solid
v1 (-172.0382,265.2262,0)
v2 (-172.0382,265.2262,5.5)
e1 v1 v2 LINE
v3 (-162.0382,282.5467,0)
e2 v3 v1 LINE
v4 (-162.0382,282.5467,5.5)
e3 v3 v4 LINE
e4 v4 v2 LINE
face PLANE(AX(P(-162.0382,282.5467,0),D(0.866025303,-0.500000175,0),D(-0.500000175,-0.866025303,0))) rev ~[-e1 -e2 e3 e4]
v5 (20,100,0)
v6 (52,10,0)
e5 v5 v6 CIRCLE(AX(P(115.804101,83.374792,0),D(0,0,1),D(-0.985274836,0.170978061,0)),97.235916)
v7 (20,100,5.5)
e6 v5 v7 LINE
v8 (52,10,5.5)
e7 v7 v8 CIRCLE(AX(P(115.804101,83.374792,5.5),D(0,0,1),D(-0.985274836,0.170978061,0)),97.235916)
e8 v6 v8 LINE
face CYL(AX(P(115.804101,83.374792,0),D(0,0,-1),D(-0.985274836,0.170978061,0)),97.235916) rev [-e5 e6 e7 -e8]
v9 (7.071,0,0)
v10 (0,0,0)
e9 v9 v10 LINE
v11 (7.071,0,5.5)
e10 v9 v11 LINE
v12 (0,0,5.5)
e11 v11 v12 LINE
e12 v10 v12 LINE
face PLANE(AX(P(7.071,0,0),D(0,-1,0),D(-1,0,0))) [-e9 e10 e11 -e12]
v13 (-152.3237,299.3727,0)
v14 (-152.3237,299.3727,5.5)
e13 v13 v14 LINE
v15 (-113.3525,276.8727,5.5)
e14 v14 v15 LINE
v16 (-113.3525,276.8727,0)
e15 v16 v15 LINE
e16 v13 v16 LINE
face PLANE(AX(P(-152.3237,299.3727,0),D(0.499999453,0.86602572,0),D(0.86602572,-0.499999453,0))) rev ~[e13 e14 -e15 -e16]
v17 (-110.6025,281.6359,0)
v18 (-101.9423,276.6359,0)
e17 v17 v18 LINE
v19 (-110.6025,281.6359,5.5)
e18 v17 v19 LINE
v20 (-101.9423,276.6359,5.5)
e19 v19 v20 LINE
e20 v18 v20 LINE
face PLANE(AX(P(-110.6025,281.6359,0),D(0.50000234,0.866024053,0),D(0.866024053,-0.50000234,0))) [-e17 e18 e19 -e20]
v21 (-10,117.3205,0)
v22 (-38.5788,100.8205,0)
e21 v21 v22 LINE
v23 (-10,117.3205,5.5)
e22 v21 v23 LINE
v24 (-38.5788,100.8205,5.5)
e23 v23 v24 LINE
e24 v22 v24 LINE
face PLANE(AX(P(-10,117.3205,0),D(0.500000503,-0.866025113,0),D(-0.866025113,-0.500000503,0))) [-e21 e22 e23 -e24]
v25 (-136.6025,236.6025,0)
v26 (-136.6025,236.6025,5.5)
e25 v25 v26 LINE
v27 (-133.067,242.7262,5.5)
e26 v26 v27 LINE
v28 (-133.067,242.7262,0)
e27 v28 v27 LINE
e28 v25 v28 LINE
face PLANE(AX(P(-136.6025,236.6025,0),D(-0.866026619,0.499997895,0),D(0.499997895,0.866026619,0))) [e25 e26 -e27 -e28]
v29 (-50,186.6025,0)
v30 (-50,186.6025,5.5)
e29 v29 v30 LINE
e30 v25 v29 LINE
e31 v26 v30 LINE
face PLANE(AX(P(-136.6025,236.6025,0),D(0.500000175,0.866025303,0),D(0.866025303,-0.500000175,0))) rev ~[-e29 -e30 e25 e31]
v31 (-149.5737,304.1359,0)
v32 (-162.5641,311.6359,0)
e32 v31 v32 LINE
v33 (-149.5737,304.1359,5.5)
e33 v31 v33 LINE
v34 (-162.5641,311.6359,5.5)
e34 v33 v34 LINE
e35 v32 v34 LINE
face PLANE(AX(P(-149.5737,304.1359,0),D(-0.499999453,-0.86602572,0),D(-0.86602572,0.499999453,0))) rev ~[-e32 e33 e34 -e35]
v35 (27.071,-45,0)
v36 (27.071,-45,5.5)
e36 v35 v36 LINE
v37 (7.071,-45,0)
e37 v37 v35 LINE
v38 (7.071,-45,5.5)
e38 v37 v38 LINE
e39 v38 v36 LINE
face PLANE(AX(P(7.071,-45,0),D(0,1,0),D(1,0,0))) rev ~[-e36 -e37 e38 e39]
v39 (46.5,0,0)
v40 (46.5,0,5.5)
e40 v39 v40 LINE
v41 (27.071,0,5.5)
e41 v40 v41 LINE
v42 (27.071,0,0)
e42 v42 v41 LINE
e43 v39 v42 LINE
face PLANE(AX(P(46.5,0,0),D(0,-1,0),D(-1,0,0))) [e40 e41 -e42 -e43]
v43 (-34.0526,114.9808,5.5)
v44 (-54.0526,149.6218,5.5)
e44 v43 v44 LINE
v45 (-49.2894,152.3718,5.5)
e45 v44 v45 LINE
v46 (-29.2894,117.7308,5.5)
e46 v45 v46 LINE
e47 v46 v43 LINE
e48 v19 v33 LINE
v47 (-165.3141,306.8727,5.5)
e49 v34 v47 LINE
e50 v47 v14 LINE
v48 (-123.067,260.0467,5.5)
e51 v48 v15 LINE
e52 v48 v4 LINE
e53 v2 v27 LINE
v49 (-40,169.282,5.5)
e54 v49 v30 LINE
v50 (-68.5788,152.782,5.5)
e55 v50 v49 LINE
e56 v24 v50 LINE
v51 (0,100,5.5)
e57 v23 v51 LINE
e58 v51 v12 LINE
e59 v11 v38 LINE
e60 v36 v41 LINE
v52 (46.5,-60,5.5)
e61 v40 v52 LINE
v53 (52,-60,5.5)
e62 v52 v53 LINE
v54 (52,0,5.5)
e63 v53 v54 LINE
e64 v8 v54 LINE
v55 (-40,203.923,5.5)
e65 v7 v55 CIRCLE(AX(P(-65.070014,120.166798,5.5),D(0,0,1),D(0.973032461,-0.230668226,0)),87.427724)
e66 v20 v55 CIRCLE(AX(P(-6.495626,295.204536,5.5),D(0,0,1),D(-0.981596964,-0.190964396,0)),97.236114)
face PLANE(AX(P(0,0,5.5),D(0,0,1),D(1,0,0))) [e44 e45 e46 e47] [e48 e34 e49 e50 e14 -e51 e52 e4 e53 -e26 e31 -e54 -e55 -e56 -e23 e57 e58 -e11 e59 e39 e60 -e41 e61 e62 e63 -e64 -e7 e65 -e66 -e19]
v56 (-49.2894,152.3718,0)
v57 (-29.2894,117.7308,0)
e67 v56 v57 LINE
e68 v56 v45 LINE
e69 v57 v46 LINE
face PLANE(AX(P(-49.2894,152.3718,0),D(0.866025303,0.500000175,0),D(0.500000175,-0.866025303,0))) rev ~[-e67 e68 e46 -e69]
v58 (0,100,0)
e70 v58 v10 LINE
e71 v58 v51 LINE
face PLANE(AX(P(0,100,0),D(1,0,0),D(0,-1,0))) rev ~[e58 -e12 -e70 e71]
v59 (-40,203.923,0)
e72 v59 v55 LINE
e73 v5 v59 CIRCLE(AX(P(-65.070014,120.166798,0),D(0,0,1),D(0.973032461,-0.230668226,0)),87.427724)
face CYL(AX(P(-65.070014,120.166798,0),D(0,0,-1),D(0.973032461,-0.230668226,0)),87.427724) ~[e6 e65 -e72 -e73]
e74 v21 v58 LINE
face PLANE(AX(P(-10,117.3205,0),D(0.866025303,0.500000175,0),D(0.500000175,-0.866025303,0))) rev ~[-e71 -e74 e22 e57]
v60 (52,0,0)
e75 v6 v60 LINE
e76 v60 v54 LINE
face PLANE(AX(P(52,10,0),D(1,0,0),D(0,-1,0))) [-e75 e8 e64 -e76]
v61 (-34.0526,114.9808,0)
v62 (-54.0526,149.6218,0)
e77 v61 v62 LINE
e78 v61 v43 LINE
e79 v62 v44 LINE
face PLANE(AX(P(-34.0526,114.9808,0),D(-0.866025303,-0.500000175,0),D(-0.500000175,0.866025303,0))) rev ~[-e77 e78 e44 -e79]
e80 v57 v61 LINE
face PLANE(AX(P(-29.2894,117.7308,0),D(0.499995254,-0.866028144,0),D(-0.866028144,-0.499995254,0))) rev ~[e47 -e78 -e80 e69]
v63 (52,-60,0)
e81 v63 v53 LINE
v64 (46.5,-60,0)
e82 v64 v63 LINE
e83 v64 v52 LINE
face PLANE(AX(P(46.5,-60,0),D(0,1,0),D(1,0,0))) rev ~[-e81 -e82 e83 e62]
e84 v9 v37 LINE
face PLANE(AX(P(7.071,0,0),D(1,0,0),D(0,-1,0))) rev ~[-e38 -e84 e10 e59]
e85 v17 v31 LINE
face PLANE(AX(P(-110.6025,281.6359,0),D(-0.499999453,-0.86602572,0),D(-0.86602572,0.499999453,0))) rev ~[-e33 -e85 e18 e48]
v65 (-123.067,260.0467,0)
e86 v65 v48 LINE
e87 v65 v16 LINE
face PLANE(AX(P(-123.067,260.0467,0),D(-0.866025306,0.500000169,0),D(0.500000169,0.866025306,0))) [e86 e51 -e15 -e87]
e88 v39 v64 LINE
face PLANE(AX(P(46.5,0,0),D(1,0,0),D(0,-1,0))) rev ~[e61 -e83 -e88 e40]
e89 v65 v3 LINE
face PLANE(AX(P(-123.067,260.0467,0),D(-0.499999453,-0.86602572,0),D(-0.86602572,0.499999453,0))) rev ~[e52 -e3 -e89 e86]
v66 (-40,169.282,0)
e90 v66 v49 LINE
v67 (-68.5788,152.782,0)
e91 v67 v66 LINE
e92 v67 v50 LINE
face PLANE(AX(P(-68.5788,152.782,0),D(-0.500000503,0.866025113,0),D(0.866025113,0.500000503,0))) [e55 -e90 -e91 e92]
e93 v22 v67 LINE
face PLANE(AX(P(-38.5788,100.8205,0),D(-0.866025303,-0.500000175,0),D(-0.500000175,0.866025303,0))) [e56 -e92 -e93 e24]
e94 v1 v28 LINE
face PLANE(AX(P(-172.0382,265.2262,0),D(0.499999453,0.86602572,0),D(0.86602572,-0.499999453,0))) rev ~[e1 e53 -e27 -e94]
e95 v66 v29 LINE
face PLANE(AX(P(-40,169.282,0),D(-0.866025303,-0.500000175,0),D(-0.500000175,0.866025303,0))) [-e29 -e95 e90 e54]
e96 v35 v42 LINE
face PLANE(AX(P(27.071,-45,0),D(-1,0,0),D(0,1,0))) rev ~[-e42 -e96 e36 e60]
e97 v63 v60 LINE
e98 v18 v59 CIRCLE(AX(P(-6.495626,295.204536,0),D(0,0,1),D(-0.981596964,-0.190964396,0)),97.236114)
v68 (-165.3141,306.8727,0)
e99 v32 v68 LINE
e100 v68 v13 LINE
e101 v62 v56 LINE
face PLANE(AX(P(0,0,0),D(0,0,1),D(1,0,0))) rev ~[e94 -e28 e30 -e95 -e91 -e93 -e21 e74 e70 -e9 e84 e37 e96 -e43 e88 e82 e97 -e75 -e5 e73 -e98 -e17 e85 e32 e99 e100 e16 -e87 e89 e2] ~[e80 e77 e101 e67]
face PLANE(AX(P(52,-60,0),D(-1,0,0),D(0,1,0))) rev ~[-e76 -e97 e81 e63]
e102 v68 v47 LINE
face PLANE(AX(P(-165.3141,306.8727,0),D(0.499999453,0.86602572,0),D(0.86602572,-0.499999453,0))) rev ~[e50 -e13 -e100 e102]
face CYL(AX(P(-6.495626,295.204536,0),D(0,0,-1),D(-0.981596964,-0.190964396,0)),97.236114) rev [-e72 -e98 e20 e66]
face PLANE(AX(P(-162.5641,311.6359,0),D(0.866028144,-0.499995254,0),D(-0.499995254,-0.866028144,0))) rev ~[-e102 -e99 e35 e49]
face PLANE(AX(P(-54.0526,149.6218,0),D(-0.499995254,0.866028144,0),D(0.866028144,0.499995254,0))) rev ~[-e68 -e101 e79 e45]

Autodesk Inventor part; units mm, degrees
ref_plane "YZ Plane" through (0, 0, 0) normal (1, 0, 0) x (0, 1, 0)
ref_plane "XZ Plane" through (0, 0, 0) normal (0, 1, 0) x (-1, 0, 0)
ref_plane "XY Plane" through (0, 0, 0) normal (0, 0, 1) x (1, 0, 0)
sketch "Sketch1" plane through (0, 0, 0) normal (0, 0, 1) x (1, 0, 0)
  arc A0 (20, 100) -> (52, 10) centre (115.8042, 83.3748) ccw
  line L0 (-10, 117.3205) -> (-38.5788, 100.8205)
  line L1 (-38.5788, 100.8205) -> (-68.5788, 152.782)
  line L2 (-68.5788, 152.782) -> (-40, 169.282)
  line L3 (-29.2894, 117.7308) -> (-34.0526, 114.9808)
  line L4 (-34.0526, 114.9808) -> (-54.0526, 149.6218)
  line L5 (-54.0526, 149.6218) -> (-49.2894, 152.3718)
  line L6 (-49.2894, 152.3718) -> (-29.2894, 117.7308)
  line L7 (-136.6025, 236.6025) -> (-50, 186.6025)
  arc A1 (-101.9423, 276.6359) -> (-40, 203.923) centre (-6.4957, 295.2045) ccw
  line L8 (-136.6025, 236.6025) -> (-50, 186.6025)
  arc A2 (20, 100) -> (-40, 203.923) centre (-65.07, 120.1668) ccw
  line L9 (-10, 117.3205) -> (0, 100)
  line L10 (-40, 169.282) -> (-50, 186.6025)
  line L11 (0, 100) -> (0, 0)
  line L12 (52, 10) -> (52, 0)
  line L13 (-110.6025, 281.6359) -> (-101.9423, 276.6359)
  line L14 (46.5, 0) -> (27.071, 0)
  line L15 (7.071, 0) -> (0, 0)
  line L16 (-136.6025, 236.6025) -> (-133.067, 242.7262)
  line L17 (-136.6025, 236.6025) -> (-129.5315, 236.6025) construction
  line L18 (-123.067, 260.0467) -> (-113.3525, 276.8727)
  line L19 (7.071, 0) -> (7.071, -45)
  line L20 (7.071, -45) -> (27.071, -45)
  line L21 (27.071, -45) -> (27.071, 0)
  line L22 (46.5, 0) -> (46.5, -60)
  line L23 (46.5, -60) -> (52, -60)
  line L24 (52, -60) -> (52, 0)
  line L25 (-110.6025, 281.6359) -> (-149.5737, 304.1359)
  line L26 (-152.3237, 299.3727) -> (-113.3525, 276.8727)
  line L27 (-123.067, 260.0467) -> (-162.0382, 282.5467)
  line L28 (-162.0382, 282.5467) -> (-172.0382, 265.2262)
  line L29 (-172.0382, 265.2262) -> (-133.067, 242.7262)
  line L30 (-149.5737, 304.1359) -> (-162.5641, 311.6359)
  line L31 (-162.5641, 311.6359) -> (-165.3141, 306.8727)
  line L32 (-165.3141, 306.8727) -> (-152.3237, 299.3727)
  dimension "d9" = 33
  dimension "d10" = 60
  dimension "d11" = 5.5
  dimension "d12" = 40
  dimension "d13" = 52
  dimension "d14" = 100
  dimension "d28" = 19.429
  dimension "d34" = 60
  dimension "d39" = 19.429
  dimension "d43" = 45
  dimension "d44" = 60
extrude "Extrusion2" add sketch "Sketch1" along normal blind 5.5
properties part number "brazos"
